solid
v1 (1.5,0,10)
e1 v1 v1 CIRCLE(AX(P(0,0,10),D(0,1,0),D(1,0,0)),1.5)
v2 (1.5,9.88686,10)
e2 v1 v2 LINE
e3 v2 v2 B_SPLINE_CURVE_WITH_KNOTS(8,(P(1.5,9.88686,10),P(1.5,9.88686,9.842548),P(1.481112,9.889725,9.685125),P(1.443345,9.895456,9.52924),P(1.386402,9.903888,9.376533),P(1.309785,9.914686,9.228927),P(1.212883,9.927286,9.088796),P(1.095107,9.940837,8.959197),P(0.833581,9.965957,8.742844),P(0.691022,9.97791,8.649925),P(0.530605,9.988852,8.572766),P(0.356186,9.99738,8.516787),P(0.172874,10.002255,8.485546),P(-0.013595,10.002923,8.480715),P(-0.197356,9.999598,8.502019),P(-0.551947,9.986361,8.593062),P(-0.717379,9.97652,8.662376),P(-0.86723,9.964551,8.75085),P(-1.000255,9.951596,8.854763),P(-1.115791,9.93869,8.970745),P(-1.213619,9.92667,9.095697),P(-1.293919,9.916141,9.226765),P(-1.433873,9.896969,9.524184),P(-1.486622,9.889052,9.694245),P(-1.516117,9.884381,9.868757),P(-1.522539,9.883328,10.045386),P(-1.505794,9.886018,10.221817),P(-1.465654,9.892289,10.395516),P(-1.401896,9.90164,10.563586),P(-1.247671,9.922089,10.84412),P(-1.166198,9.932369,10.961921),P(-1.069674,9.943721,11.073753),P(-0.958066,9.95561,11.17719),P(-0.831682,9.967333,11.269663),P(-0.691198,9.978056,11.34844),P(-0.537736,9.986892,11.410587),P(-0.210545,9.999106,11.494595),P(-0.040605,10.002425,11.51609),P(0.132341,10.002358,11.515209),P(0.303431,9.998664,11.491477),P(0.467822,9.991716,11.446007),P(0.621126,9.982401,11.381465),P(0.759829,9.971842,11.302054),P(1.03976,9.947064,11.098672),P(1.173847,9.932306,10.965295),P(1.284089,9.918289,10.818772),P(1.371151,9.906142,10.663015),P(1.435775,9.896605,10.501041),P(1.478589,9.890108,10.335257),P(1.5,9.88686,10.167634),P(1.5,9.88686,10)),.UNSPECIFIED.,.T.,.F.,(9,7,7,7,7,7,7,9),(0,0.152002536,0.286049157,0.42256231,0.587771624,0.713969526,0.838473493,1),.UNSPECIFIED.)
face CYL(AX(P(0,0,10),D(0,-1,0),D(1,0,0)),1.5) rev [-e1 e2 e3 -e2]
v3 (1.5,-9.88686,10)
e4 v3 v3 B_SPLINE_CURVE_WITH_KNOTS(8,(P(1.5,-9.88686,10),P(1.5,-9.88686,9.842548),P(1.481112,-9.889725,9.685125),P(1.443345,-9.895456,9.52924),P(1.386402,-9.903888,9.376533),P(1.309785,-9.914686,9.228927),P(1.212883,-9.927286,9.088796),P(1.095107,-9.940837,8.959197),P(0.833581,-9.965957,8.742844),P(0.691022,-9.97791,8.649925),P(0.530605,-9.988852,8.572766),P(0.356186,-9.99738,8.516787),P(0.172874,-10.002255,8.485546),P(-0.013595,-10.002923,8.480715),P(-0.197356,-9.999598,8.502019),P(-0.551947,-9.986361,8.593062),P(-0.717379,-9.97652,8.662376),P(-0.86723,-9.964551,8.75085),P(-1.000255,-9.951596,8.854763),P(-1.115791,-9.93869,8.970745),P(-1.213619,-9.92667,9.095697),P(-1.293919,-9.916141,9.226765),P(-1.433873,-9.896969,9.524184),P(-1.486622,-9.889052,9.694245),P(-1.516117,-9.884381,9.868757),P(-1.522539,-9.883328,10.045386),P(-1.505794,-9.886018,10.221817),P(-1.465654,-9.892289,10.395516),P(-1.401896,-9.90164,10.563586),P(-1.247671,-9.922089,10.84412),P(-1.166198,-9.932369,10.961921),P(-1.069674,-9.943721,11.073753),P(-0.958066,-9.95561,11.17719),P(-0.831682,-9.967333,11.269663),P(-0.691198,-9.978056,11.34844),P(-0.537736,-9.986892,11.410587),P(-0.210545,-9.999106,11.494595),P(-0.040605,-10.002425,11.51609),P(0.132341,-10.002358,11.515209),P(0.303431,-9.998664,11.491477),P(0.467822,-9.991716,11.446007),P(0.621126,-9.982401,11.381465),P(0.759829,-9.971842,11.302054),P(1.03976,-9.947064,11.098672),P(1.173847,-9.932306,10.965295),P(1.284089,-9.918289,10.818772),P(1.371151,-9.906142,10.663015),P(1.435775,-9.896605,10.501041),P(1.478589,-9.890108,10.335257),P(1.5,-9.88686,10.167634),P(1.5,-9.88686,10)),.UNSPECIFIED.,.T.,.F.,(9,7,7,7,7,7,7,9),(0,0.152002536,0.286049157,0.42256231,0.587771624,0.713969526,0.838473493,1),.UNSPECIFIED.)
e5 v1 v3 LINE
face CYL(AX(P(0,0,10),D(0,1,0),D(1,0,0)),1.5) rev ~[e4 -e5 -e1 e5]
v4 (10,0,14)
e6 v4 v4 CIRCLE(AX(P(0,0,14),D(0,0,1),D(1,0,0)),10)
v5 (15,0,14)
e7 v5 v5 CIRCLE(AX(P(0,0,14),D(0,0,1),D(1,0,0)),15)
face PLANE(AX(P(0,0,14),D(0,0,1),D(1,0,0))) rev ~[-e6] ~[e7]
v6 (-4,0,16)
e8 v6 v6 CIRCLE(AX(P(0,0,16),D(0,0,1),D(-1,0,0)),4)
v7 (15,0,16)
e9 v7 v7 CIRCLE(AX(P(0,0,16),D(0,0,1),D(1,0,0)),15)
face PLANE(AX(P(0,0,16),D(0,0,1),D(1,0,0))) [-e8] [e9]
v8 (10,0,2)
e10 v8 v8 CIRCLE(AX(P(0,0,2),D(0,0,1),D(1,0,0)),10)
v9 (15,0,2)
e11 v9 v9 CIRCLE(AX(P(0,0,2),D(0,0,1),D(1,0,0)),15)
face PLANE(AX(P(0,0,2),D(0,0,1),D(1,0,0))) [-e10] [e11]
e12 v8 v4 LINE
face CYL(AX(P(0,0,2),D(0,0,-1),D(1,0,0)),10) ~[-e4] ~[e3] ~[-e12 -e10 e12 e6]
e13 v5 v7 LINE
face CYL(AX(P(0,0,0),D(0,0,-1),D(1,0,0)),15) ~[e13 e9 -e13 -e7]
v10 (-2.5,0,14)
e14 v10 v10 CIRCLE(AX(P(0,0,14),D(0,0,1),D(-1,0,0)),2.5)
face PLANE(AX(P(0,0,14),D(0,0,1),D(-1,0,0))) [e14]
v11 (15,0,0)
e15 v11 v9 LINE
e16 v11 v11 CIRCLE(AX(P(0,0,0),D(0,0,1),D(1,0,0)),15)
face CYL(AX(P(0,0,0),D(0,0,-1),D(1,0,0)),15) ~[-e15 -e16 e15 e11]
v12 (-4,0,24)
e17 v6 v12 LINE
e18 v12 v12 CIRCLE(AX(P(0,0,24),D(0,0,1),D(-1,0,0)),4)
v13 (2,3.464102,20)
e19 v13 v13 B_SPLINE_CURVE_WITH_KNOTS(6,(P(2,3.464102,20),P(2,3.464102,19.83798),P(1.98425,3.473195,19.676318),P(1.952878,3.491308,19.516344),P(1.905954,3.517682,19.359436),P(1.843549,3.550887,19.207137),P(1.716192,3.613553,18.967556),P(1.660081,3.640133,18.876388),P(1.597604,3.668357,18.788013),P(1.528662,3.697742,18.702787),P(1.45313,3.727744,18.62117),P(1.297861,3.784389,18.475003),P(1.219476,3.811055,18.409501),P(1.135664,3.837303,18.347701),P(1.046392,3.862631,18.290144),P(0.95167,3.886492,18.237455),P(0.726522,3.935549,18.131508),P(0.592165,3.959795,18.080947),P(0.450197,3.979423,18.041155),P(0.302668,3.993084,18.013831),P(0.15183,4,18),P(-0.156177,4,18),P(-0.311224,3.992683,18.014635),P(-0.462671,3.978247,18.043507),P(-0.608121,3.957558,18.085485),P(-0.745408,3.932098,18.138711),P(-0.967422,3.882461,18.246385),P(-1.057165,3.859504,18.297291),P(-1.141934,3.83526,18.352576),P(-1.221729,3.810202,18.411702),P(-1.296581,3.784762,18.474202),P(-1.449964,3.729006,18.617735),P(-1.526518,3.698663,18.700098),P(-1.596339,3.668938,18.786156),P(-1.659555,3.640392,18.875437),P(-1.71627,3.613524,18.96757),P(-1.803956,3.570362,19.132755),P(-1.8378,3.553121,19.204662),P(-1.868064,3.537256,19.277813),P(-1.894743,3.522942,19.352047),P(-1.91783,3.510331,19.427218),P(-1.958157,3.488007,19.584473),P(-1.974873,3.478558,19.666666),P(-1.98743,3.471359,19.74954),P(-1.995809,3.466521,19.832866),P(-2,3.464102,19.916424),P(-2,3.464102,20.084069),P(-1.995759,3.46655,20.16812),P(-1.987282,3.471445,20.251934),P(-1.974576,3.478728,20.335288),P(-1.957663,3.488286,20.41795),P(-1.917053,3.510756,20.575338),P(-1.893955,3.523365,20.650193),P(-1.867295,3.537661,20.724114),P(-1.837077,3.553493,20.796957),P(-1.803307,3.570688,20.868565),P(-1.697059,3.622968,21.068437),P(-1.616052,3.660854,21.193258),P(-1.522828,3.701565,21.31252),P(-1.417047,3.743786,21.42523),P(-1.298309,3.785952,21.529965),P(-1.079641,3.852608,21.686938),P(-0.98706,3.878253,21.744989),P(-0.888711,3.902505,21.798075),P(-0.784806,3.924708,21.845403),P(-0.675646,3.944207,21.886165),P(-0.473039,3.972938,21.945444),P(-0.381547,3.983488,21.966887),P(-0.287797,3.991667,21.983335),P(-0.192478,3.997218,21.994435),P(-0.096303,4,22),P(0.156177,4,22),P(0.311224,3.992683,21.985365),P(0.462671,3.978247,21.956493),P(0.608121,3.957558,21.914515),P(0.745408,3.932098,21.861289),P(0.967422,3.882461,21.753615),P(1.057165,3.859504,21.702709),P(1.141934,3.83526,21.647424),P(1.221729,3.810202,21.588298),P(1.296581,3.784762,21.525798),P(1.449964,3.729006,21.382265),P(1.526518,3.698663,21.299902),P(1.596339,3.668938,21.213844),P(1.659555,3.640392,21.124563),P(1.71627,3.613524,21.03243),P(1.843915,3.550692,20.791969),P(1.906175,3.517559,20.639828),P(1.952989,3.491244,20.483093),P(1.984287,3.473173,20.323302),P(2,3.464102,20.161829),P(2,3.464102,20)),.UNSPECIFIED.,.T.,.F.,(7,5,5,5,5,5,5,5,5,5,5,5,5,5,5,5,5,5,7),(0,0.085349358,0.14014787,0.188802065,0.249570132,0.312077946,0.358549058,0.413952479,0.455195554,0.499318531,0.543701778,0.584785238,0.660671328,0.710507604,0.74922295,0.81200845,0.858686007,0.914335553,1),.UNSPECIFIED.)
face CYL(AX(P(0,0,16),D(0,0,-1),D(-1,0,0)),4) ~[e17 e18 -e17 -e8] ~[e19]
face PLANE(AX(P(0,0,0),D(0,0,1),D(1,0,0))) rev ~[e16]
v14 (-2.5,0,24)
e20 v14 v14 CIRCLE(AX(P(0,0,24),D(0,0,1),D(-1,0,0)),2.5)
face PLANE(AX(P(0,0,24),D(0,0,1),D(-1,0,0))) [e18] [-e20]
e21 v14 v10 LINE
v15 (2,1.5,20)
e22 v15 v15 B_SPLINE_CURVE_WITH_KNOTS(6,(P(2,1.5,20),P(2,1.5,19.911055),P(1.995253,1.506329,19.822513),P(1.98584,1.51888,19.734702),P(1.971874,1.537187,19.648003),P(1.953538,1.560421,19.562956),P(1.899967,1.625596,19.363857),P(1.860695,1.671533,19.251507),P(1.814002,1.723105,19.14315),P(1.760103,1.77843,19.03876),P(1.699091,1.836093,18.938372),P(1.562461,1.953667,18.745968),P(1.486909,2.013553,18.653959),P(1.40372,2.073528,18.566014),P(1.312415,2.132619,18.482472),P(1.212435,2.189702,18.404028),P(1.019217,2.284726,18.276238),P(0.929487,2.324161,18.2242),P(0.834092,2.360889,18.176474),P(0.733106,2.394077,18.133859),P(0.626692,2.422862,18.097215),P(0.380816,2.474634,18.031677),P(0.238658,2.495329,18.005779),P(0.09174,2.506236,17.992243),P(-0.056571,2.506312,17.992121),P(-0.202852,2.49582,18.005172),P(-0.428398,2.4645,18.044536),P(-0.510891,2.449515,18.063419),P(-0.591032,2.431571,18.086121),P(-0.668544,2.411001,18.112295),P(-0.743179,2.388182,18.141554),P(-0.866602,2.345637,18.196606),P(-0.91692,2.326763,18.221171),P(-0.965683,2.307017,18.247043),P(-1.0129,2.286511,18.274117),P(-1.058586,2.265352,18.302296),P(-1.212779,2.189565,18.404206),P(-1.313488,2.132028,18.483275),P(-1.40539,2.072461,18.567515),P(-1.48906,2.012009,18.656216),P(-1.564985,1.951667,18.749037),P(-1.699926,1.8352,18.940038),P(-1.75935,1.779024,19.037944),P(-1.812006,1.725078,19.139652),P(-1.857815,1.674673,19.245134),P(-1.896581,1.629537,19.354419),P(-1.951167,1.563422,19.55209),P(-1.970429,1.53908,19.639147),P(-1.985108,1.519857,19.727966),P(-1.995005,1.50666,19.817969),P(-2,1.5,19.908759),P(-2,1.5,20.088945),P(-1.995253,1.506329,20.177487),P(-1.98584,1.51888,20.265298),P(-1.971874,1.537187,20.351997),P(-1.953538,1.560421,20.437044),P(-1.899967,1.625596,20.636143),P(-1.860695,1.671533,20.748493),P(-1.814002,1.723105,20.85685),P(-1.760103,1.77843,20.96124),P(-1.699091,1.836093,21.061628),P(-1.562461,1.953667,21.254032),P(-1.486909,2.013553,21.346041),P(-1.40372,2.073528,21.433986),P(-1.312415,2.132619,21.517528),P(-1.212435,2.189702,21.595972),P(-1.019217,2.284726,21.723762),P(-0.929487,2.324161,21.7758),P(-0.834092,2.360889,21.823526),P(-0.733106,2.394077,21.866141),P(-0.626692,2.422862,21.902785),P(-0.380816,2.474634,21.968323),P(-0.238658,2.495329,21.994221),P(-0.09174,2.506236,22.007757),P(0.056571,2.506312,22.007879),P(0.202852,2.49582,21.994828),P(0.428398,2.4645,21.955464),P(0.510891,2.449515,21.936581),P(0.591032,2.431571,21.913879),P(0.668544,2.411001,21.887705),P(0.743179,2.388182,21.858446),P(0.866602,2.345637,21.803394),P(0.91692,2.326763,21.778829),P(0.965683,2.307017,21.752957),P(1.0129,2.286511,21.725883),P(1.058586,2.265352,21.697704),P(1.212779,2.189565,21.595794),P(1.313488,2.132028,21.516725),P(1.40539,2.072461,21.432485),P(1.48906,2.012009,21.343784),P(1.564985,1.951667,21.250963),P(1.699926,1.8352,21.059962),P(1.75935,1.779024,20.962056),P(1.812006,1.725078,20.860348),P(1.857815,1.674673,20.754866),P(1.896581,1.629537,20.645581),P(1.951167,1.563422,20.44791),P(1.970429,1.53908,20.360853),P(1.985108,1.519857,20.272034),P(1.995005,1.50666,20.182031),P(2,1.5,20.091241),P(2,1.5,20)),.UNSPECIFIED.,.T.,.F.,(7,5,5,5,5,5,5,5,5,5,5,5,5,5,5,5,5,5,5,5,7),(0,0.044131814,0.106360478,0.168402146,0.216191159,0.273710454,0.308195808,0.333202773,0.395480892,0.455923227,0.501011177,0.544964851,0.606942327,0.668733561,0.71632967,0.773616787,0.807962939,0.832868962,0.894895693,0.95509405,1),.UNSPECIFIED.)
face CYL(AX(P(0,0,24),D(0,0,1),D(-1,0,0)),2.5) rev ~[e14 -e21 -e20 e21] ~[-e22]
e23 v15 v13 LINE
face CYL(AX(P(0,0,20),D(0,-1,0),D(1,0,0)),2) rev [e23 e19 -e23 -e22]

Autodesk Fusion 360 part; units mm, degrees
sketch "Sketch1" plane through (0, 0, 0) normal (0, 0, 1) x (1, 0, 0)
  circle A0 centre (0, 0) radius 15
  dimension "d1" = 30
extrude "Extrude1" add sketch "Sketch1" along normal blind 16
ref_plane "WorkPlane2" through (0, 0, 2) normal (0, 0, 1) x (1, 0, 0)
sketch "Sketch2" plane through (0, 0, 2) normal (0, 0, 1) x (1, 0, 0)
  circle A0 centre (0, 0) radius 10
  circle A1 centre (0, 0) radius 15
  dimension "d6" = 20
extrude "Extrude2" cut sketch "Sketch2" along normal blind 12
sketch "Sketch3" plane through (0, 0, 16) normal (0, 0, 1) x (-1, 0, 0)
  circle A0 centre (0, 0) radius 15
  circle A1 centre (0, 0) radius 4
  dimension "d9" = 8
extrude "Extrude3" add sketch "Sketch3" along normal blind 8 contours A1
sketch "Sketch4" plane through (0, 0, 0) normal (0, 1, 0) x (1, 0, 0)
  circle A0 centre (0, -20) radius 2
  circle A1 centre (0, -10) radius 1.5
  dimension "d12" = 4
  dimension "d13" = 3
extrude "Extrude4" cut sketch "Sketch4" along normal blind 5 contours A0
extrude "Extrude5" cut sketch "Sketch4" along normal mid plane 40 contours A1
sketch "Sketch5" plane through (0, 0, 24) normal (0, 0, 1) x (-1, 0, 0)
  circle A0 centre (0, 0) radius 4
  circle A1 centre (0, 0) radius 2.5
  dimension "d18" = 5
extrude "Extrude6" cut sketch "Sketch5" against normal blind 10 contours A1
